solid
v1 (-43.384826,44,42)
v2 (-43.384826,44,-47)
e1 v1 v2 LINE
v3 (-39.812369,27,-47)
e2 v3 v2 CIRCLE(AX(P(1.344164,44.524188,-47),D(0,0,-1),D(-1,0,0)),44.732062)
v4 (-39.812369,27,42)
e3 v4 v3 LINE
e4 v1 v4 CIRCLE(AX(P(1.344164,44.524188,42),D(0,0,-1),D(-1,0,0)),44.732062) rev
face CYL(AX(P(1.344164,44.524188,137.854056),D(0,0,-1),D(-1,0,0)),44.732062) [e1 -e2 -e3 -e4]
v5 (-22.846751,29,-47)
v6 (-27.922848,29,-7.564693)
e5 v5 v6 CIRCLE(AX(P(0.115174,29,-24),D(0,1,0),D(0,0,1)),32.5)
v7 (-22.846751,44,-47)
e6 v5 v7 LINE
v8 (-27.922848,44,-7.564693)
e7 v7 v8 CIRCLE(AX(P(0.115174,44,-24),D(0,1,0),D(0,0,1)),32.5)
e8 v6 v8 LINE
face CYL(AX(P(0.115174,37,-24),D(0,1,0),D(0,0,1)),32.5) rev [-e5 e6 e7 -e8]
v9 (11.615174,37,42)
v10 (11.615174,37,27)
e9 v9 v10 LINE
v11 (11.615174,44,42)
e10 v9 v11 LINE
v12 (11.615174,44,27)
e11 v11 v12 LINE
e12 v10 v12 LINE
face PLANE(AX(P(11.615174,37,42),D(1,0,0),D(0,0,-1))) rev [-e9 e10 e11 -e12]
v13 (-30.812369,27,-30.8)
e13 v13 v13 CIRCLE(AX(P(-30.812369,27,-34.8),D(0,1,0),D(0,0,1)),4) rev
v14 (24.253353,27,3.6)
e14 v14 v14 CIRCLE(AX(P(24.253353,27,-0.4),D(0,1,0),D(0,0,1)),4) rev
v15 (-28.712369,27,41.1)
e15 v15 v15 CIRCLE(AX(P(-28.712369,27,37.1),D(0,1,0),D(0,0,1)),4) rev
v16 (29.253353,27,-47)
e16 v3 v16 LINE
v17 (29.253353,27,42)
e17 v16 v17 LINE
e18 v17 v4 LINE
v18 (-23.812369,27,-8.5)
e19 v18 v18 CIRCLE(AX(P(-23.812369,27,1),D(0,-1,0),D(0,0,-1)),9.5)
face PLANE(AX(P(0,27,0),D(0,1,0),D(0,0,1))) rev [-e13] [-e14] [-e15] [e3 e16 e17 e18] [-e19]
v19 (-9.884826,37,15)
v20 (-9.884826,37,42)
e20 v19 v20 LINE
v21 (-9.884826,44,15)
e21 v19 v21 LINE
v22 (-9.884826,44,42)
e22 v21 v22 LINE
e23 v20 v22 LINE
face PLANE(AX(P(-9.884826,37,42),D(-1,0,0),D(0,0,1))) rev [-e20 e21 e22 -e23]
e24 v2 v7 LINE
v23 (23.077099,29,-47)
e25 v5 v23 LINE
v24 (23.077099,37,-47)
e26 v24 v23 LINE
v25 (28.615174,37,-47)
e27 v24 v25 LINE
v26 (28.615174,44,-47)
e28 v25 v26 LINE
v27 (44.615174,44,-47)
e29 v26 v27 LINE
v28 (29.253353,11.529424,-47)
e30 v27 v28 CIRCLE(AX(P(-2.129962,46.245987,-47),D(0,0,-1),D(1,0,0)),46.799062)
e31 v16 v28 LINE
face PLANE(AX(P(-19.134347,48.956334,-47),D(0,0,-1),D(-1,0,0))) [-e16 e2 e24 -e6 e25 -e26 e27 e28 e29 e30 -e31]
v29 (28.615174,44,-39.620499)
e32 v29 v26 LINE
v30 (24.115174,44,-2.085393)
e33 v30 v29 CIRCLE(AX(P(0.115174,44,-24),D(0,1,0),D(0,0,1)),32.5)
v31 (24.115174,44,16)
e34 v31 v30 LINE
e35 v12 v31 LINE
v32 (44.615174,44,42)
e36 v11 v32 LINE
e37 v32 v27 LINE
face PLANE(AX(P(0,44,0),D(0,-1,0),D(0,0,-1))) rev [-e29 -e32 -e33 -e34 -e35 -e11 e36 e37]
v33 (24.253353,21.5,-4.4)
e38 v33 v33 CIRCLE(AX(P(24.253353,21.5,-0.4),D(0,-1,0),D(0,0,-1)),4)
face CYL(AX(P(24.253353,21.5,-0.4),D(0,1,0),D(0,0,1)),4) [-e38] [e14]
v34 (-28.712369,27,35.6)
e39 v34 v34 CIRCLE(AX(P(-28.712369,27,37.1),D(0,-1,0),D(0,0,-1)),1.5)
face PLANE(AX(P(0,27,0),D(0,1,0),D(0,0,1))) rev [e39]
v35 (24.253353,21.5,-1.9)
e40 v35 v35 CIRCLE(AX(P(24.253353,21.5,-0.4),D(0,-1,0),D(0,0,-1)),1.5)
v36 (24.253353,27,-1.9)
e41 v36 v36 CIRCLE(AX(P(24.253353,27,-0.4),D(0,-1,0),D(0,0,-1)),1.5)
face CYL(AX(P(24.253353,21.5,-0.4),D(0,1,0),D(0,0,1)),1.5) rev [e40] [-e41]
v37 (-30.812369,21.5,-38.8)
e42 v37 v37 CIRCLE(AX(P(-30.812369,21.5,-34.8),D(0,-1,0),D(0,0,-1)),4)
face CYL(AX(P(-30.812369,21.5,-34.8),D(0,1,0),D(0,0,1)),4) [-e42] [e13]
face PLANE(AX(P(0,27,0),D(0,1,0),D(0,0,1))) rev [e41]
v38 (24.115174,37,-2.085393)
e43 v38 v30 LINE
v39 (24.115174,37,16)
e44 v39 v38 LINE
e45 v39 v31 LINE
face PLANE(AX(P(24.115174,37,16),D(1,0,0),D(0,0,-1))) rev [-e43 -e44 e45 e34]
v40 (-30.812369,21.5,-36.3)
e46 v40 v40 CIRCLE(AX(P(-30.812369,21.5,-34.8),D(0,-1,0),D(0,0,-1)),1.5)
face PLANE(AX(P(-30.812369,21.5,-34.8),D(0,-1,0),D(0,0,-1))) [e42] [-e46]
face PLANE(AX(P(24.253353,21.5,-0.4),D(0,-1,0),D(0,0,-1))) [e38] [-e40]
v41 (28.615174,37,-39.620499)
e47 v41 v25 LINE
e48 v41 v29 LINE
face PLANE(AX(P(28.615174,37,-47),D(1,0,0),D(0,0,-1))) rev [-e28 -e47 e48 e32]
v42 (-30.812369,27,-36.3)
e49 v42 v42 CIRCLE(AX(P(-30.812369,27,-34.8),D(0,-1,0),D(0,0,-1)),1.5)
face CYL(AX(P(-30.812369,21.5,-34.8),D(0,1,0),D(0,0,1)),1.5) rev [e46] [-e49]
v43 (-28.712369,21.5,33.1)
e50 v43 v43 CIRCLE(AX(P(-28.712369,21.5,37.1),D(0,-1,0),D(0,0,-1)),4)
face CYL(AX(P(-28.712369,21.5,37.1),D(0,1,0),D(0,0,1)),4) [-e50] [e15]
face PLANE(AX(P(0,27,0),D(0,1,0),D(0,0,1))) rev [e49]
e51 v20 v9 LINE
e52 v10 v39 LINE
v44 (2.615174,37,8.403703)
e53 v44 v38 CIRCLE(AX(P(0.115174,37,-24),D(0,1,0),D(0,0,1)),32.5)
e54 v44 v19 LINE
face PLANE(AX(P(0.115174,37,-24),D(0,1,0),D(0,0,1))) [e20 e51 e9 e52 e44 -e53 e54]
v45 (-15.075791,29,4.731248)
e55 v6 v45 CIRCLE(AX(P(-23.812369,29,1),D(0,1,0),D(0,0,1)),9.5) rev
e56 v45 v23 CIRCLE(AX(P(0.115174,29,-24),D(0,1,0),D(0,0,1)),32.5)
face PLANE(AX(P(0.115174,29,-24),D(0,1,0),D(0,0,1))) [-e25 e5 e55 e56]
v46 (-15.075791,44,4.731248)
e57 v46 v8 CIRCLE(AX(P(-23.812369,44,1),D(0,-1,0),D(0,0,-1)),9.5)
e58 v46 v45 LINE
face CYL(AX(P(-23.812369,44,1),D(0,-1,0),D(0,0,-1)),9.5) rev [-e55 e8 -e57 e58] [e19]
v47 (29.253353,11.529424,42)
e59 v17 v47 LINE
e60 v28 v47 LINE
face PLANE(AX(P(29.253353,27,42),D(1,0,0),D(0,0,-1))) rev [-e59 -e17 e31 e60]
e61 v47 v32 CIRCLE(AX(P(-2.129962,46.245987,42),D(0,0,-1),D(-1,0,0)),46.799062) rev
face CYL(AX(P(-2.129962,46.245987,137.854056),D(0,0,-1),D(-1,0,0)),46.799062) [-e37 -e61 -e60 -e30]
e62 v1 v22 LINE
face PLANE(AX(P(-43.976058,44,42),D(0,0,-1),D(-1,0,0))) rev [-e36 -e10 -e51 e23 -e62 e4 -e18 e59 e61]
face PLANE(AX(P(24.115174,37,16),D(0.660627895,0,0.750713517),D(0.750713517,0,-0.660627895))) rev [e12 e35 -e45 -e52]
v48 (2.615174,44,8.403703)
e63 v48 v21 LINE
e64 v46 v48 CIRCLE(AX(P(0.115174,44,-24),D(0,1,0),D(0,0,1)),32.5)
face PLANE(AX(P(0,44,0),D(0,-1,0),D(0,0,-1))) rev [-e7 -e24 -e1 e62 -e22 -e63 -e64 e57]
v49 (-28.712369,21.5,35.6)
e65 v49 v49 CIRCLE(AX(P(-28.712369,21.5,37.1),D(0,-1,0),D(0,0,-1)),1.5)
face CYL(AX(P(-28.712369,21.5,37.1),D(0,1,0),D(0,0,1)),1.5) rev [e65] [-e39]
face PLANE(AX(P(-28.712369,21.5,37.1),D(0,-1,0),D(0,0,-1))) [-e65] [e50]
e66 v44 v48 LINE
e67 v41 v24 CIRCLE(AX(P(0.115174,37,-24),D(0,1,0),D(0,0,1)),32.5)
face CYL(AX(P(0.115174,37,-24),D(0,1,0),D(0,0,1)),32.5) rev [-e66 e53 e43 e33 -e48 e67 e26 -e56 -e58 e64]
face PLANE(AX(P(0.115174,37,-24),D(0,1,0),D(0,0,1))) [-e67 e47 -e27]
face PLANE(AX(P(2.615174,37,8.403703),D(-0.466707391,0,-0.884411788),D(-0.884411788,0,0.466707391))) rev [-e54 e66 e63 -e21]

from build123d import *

# Parameters (mm, degrees)
SKETCH1_W           = 87.952115464
SKETCH1_H           = 84
BOSS_EXTRUDE1_DEPTH = 44
CUT_EXTRUDE1_DEPTH  = 105.526999639
CUT_EXTRUDE2_DEPTH  = 94
BOSS_EXTRUDE2_DEPTH = 5
CUT_EXTRUDE4_DEPTH  = 108.023520294
BOSS_EXTRUDE3_DEPTH = 89
SKETCH12_W          = 66.643398472
SKETCH12_H          = 89
CUT_EXTRUDE5_DEPTH  = 21
SKETCH13_W          = 89
SKETCH13_H          = 4.850314153
CUT_EXTRUDE6_DEPTH  = 15
SKETCH14_R          = 9.5
CUT_EXTRUDE7_DEPTH  = 67.996371003
SKETCH15_R          = 4
SKETCH15_R_2        = 1.5
BOSS_EXTRUDE4_DEPTH = 5.5
CUT_EXTRUDE8_DEPTH  = 7
SKETCH17_R          = 32.5
CUT_EXTRUDE9_DEPTH  = 8


with BuildPart() as part:
    # Sketch1 → Boss-Extrude1 (new body)
    with BuildSketch(Plane(origin=(0, 0, 0), x_dir=(1, 0, 0), z_dir=(0, 1, 0))):
        Rectangle(SKETCH1_W, SKETCH1_H)
    extrude(amount=BOSS_EXTRUDE1_DEPTH)

    # Sketch3 → Cut-Extrude1 (cut, through all)
    with BuildSketch(Plane.XY.offset(42)):
        with BuildLine():
            Line((-21, 0), (21, 0))
            ThreePointArc((21, 0), (36.980443324, 19.654136956), (43.976057732, 44))
            Line((43.976057732, 44), (43.976057732, -11.97124173))
            Line((43.976057732, -11.97124173), (-43.976057732, -11.97124173))
            Line((-43.976057732, -11.97124173), (-43.976057732, 44))
            ThreePointArc((-43.976057732, 44), (-36.29063042, 20.014345617), (-21, 0))
        make_face()
    extrude(amount=-CUT_EXTRUDE1_DEPTH, mode=Mode.SUBTRACT)

    # Sketch4 → Cut-Extrude2 (cut)
    with BuildSketch(Plane.XY.offset(42)):
        with BuildLine():
            Line((-40.014597283, 44.55392338), (-43.976057732, 44))
            ThreePointArc((-43.976057732, 44), (-36.29063042, 20.014345617), (-21, 0))
            Line((-21, 0), (21, 0))
            ThreePointArc((21, 0), (36.980443324, 19.654136956), (43.976057732, 44))
            Line((43.976057732, 44), (39.988336247, 44.313173055))
            ThreePointArc((39.988336247, 44.313173055), (33.757294054, 22.132372023), (19.543536422, 4))
            Line((19.543536422, 4), (-19.406576645, 4))
            ThreePointArc((-19.406576645, 4), (-33.099796329, 22.554689448), (-40.014597283, 44.55392338))
        make_face()
    extrude(amount=-CUT_EXTRUDE2_DEPTH, mode=Mode.SUBTRACT)

    # Sketch6 → Boss-Extrude2 (add)
    with BuildSketch(Plane(origin=(0, 0, -42), x_dir=(-1, 0, 0), z_dir=(0, 0, -1))):
        with BuildLine():
            Line((-19.543536422, 4), (19.406576645, 4))
            ThreePointArc((19.406576645, 4), (32.972533813, 22.305488816), (39.934882496, 44))
            Line((39.934882496, 44), (-39.962906501, 44))
            ThreePointArc((-39.962906501, 44), (-33.686050128, 21.9923529), (-19.543536422, 4))
        make_face()
    extrude(amount=BOSS_EXTRUDE2_DEPTH)

    # Sketch8 → Cut-Extrude4 (cut, through all)
    with BuildSketch(Plane(origin=(0, 0, -47), x_dir=(-1, 0, 0), z_dir=(0, 0, -1))):
        with BuildLine():
            Line((-19.543536422, 4), (19.406576645, 4))
            ThreePointArc((19.406576645, 4), (20.408380664, 4.990013681), (21.390045584, 6))
            Line((21.390045584, 6), (-21.753352888, 6))
            ThreePointArc((-21.753352888, 6), (-20.661010919, 4.986115432), (-19.543536422, 4))
        make_face()
    extrude(amount=-CUT_EXTRUDE4_DEPTH, mode=Mode.SUBTRACT)

    # Sketch11 → Boss-Extrude3 (add)
    with BuildSketch(Plane(origin=(0, 0, -47), x_dir=(-1, 0, 0), z_dir=(0, 0, -1))):
        with BuildLine():
            Line((-21.753352888, 6), (21.390045584, 6))
            ThreePointArc((21.390045584, 6), (37.370443433, 22.115785334), (43.384826263, 44))
            Line((43.384826263, 44), (-44.615173737, 44))
            ThreePointArc((-44.615173737, 44), (-37.97109171, 22.12011544), (-21.753352888, 6))
        make_face()
    extrude(amount=-BOSS_EXTRUDE3_DEPTH)

    # Sketch12 → Cut-Extrude5 (cut)
    with BuildSketch(Plane.XZ.offset(-6)):
        with Locations((-4.068346348, -2.5)):
            Rectangle(SKETCH12_W, SKETCH12_H)
    extrude(amount=-CUT_EXTRUDE5_DEPTH, mode=Mode.SUBTRACT)

    # Sketch13 → Cut-Extrude6 (cut)
    with BuildSketch(Plane(origin=(-37.390045584, 0, 0), x_dir=(0, 0, -1), z_dir=(1, 0, 0))):
        with Locations((2.5, 24.574842924)):
            Rectangle(SKETCH13_W, SKETCH13_H)
    extrude(amount=-CUT_EXTRUDE6_DEPTH, mode=Mode.SUBTRACT)

    # Sketch14 → Cut-Extrude7 (cut, through all)
    with BuildSketch(Plane.XZ.offset(-27)):
        with Locations(Location((-23.812368574, 1, 0), (0, 0, 270))):
            Circle(SKETCH14_R)
    extrude(amount=-CUT_EXTRUDE7_DEPTH, mode=Mode.SUBTRACT)

    # Sketch15 → Boss-Extrude4 (add)
    # profile 1 of 3: a face of its own
    with BuildSketch(Plane.XZ.offset(-27)):
        with Locations(Location((-28.712368574, 37.1, 0), (0, 0, 90))):
            Circle(SKETCH15_R)
        with Locations(Location((-28.712368574, 37.1, 0), (0, 0, 270))):
            Circle(SKETCH15_R_2, mode=Mode.SUBTRACT)
    # profile 2 of 3: a face of its own
    with BuildSketch(Plane.XZ.offset(-27)):
        with Locations(Location((24.253352888, -0.4, 0), (0, 0, 90))):
            Circle(SKETCH15_R)
        with Locations(Location((24.253352888, -0.4, 0), (0, 0, 270))):
            Circle(SKETCH15_R_2, mode=Mode.SUBTRACT)
    # profile 3 of 3: a face of its own
    with BuildSketch(Plane.XZ.offset(-27)):
        with Locations(Location((-30.812368574, -34.8, 0), (0, 0, 90))):
            Circle(SKETCH15_R)
        with Locations(Location((-30.812368574, -34.8, 0), (0, 0, 270))):
            Circle(SKETCH15_R_2, mode=Mode.SUBTRACT)
    extrude(amount=BOSS_EXTRUDE4_DEPTH)

    # Sketch16 → Cut-Extrude8 (cut)
    with BuildSketch(Plane(origin=(0, 44, 0), x_dir=(1, 0, 0), z_dir=(0, 1, 0))):
        with BuildLine():
            Line((-9.884826263, -42), (11.615173737, -42))
            Line((11.615173737, -42), (11.615173737, -27))
            Line((11.615173737, -27), (24.115173737, -16))
            Line((24.115173737, -16), (24.115173737, 2.085392999))
            ThreePointArc((24.115173737, 2.085392999), (32.384099226, 20.131350652), (28.615173737, 39.620499352))
            Line((28.615173737, 39.620499352), (28.615173737, 47))
            Line((28.615173737, 47), (23.077098744, 47))
            ThreePointArc((23.077098744, 47), (-30.372036637, 35.259662676), (2.615173737, -8.403703492))
            Line((2.615173737, -8.403703492), (-9.884826263, -15))
            Line((-9.884826263, -15), (-9.884826263, -42))
        make_face()
    extrude(amount=-CUT_EXTRUDE8_DEPTH, mode=Mode.SUBTRACT)

    # Sketch17 → Cut-Extrude9 (cut)
    with BuildSketch(Plane(origin=(0, 37, 0), x_dir=(1, 0, 0), z_dir=(0, 1, 0))):
        with Locations((0.115173737, 24)):
            Circle(SKETCH17_R)
    extrude(amount=-CUT_EXTRUDE9_DEPTH, mode=Mode.SUBTRACT)


solid = part.part
